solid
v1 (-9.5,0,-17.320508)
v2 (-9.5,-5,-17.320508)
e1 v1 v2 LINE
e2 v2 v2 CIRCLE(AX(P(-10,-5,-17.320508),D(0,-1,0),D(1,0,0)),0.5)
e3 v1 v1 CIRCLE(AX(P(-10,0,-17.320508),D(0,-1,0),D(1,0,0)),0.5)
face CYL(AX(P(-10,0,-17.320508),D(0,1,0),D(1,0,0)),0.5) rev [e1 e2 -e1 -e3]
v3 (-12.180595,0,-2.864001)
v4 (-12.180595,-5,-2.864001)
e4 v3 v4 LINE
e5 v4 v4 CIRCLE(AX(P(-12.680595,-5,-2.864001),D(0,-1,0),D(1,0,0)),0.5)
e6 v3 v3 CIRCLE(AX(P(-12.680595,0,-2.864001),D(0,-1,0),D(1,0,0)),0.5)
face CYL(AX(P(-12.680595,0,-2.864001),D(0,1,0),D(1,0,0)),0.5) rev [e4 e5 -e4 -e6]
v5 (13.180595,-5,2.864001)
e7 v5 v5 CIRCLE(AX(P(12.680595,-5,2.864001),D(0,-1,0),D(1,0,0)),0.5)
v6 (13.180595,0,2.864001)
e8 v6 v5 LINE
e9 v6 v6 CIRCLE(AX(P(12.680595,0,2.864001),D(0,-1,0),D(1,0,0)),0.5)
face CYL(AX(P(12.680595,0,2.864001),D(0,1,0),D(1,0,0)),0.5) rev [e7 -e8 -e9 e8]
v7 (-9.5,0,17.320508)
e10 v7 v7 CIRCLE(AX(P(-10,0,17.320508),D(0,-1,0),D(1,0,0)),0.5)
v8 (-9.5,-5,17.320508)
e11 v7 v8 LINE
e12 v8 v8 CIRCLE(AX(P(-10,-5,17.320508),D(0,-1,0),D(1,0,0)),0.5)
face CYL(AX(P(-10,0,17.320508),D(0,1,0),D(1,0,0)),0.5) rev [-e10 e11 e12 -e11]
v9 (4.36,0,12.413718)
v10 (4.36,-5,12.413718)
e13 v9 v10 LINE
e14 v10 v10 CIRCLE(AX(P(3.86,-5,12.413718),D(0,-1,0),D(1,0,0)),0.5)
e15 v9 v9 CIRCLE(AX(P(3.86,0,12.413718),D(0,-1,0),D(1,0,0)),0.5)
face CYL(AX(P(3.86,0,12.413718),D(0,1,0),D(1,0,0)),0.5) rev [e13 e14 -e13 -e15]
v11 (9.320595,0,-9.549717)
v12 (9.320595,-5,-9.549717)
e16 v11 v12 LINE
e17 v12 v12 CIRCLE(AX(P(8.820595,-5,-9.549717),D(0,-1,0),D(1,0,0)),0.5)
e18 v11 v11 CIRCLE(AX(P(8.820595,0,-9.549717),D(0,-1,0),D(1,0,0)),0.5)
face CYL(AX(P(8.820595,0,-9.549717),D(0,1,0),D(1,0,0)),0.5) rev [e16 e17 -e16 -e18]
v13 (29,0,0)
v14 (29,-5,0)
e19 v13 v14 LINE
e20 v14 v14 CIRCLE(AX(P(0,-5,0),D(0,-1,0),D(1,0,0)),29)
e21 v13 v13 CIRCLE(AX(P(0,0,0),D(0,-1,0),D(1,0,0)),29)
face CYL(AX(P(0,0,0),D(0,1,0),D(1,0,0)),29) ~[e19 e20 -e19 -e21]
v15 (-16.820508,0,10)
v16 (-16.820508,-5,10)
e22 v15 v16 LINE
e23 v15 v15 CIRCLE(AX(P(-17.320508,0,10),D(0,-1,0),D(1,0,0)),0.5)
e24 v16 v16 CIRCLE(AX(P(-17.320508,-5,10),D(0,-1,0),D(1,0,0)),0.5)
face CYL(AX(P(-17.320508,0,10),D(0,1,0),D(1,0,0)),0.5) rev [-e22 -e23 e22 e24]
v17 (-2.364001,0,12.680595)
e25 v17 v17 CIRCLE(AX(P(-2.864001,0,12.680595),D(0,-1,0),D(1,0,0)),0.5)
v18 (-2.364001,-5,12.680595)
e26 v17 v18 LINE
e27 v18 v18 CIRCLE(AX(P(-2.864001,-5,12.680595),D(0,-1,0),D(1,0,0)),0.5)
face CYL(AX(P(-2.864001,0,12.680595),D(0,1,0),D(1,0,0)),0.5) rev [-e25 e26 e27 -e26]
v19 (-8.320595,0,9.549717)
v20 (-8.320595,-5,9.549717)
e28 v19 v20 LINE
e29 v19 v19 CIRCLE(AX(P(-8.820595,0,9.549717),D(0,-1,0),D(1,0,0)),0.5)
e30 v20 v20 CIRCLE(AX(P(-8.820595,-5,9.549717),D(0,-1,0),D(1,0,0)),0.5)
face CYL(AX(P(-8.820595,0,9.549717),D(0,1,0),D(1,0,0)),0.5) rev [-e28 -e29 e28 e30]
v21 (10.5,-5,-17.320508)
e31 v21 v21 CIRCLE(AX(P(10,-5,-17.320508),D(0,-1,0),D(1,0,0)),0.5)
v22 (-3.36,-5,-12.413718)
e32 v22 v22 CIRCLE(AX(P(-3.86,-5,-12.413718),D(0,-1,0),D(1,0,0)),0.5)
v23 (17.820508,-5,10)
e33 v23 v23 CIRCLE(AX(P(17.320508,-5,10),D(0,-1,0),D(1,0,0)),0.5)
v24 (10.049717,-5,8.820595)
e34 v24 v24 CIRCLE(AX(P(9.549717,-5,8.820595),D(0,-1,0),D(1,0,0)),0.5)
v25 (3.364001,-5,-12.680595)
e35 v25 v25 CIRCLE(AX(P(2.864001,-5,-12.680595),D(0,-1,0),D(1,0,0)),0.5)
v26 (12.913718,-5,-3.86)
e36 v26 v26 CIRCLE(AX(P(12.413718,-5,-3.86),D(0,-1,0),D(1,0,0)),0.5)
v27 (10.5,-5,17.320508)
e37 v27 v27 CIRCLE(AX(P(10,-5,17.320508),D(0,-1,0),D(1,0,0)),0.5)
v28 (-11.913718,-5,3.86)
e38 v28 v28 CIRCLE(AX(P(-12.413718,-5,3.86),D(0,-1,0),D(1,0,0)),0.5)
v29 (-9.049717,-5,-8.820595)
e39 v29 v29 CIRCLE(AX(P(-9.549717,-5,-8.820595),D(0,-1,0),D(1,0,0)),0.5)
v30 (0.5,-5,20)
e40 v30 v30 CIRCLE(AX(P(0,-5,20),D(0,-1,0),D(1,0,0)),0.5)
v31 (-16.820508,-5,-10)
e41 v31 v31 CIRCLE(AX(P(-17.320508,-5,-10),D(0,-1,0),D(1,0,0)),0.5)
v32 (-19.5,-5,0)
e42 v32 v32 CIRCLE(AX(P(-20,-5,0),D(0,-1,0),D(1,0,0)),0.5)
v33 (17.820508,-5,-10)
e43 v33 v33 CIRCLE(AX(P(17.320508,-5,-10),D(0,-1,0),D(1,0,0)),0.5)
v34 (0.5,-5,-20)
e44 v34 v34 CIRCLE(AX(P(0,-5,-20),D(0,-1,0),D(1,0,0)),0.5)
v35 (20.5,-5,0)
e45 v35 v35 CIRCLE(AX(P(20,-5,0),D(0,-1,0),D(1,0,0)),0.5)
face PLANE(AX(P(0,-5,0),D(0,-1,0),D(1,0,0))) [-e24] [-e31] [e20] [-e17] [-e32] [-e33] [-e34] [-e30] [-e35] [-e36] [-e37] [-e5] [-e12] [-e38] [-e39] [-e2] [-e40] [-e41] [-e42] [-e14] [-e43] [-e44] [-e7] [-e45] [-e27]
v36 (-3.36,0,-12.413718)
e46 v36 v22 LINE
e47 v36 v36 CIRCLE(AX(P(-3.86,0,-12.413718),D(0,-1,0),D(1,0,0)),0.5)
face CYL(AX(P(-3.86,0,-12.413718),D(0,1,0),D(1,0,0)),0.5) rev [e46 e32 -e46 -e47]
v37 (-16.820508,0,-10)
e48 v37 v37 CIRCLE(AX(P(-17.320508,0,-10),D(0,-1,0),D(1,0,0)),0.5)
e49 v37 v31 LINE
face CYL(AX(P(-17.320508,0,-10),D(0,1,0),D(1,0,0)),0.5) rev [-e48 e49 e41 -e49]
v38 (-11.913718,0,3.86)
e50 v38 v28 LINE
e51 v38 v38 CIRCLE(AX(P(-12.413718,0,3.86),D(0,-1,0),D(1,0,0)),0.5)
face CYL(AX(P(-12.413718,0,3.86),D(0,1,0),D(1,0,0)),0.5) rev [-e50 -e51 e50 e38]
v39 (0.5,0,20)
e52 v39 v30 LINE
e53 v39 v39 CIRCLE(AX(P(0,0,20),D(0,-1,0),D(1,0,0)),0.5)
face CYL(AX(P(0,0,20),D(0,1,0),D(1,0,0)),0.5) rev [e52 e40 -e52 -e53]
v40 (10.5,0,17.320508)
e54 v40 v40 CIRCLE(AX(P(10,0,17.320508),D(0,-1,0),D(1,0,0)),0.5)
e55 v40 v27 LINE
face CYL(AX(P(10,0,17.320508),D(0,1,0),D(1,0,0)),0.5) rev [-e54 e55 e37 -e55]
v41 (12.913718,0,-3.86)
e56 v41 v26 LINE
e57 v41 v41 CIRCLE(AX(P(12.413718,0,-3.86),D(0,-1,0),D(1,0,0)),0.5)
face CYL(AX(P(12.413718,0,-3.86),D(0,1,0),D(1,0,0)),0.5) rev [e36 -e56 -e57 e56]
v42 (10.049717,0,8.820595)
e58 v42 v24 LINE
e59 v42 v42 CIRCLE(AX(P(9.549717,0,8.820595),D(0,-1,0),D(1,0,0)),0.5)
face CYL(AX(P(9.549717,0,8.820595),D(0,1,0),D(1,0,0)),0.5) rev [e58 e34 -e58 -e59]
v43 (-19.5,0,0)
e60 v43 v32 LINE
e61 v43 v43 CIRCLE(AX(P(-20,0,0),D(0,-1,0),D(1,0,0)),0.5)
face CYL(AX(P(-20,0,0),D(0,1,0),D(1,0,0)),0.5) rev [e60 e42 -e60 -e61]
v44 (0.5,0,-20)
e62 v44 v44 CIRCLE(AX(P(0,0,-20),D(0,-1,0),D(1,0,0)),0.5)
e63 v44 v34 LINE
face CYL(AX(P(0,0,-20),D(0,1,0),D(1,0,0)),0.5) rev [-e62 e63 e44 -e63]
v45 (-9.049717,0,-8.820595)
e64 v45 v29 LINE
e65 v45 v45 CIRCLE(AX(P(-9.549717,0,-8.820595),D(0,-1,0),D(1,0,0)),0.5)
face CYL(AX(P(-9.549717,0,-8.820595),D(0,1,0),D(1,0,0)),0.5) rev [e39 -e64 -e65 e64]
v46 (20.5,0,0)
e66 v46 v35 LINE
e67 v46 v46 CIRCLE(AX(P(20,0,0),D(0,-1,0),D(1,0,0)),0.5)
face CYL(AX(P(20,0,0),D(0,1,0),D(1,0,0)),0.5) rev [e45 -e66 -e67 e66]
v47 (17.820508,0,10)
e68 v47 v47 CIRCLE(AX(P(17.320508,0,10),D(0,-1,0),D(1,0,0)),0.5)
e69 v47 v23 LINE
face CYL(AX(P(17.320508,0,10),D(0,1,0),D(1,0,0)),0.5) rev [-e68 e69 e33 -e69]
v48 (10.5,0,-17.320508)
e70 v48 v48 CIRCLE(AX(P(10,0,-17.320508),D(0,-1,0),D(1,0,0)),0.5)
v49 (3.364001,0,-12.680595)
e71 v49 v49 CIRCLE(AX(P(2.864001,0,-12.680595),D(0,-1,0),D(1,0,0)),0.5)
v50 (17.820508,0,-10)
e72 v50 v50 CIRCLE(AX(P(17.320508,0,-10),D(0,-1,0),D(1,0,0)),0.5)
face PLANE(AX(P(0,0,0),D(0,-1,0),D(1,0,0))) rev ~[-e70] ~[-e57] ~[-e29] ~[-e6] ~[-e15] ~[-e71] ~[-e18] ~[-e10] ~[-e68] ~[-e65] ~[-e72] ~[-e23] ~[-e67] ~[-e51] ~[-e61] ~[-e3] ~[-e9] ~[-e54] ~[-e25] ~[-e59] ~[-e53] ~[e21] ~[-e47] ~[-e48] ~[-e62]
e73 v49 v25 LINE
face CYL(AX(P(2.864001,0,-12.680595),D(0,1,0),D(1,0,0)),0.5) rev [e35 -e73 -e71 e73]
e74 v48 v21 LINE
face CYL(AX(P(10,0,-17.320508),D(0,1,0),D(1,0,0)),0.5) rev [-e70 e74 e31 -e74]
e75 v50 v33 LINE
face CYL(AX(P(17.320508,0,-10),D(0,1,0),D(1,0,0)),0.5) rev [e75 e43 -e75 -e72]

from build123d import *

# Parameters (mm, degrees)
F0_R     = 29
F0_R_2   = 0.5
F1_DEPTH = 5


with BuildPart() as f1:
    # F0 (on Front) → F1 (new body)
    with BuildSketch(Plane.XZ):
        Circle(F0_R)
        with Locations((-10, -17.320508)):
            Circle(F0_R_2, mode=Mode.SUBTRACT)
        with Locations((-17.320508, -10)):
            Circle(F0_R_2, mode=Mode.SUBTRACT)
        with Locations((-9.549717, -8.820595)):
            Circle(F0_R_2, mode=Mode.SUBTRACT)
        with Locations((-3.86, -12.413718)):
            Circle(F0_R_2, mode=Mode.SUBTRACT)
        with Locations((-12.680595, -2.864001)):
            Circle(F0_R_2, mode=Mode.SUBTRACT)
        with Locations((0, -20)):
            Circle(F0_R_2, mode=Mode.SUBTRACT)
        with Locations((10, -17.320508)):
            Circle(F0_R_2, mode=Mode.SUBTRACT)
        with Locations((2.864001, -12.680595)):
            Circle(F0_R_2, mode=Mode.SUBTRACT)
        with Locations((8.820595, -9.549717)):
            Circle(F0_R_2, mode=Mode.SUBTRACT)
        with Locations((12.413718, -3.86)):
            Circle(F0_R_2, mode=Mode.SUBTRACT)
        with Locations((17.320508, -10)):
            Circle(F0_R_2, mode=Mode.SUBTRACT)
        with Locations((-20, 0)):
            Circle(F0_R_2, mode=Mode.SUBTRACT)
        with Locations((-17.320508, 10)):
            Circle(F0_R_2, mode=Mode.SUBTRACT)
        with Locations((-12.413718, 3.86)):
            Circle(F0_R_2, mode=Mode.SUBTRACT)
        with Locations((-8.820595, 9.549717)):
            Circle(F0_R_2, mode=Mode.SUBTRACT)
        with Locations((-2.864001, 12.680595)):
            Circle(F0_R_2, mode=Mode.SUBTRACT)
        with Locations((-10, 17.320508)):
            Circle(F0_R_2, mode=Mode.SUBTRACT)
        with Locations((12.680595, 2.864001)):
            Circle(F0_R_2, mode=Mode.SUBTRACT)
        with Locations((3.86, 12.413718)):
            Circle(F0_R_2, mode=Mode.SUBTRACT)
        with Locations((9.549717, 8.820595)):
            Circle(F0_R_2, mode=Mode.SUBTRACT)
        with Locations((20, 0)):
            Circle(F0_R_2, mode=Mode.SUBTRACT)
        with Locations((17.320508, 10)):
            Circle(F0_R_2, mode=Mode.SUBTRACT)
        with Locations((0, 20)):
            Circle(F0_R_2, mode=Mode.SUBTRACT)
        with Locations((10, 17.320508)):
            Circle(F0_R_2, mode=Mode.SUBTRACT)
    extrude(amount=F1_DEPTH)


solid = f1.part
